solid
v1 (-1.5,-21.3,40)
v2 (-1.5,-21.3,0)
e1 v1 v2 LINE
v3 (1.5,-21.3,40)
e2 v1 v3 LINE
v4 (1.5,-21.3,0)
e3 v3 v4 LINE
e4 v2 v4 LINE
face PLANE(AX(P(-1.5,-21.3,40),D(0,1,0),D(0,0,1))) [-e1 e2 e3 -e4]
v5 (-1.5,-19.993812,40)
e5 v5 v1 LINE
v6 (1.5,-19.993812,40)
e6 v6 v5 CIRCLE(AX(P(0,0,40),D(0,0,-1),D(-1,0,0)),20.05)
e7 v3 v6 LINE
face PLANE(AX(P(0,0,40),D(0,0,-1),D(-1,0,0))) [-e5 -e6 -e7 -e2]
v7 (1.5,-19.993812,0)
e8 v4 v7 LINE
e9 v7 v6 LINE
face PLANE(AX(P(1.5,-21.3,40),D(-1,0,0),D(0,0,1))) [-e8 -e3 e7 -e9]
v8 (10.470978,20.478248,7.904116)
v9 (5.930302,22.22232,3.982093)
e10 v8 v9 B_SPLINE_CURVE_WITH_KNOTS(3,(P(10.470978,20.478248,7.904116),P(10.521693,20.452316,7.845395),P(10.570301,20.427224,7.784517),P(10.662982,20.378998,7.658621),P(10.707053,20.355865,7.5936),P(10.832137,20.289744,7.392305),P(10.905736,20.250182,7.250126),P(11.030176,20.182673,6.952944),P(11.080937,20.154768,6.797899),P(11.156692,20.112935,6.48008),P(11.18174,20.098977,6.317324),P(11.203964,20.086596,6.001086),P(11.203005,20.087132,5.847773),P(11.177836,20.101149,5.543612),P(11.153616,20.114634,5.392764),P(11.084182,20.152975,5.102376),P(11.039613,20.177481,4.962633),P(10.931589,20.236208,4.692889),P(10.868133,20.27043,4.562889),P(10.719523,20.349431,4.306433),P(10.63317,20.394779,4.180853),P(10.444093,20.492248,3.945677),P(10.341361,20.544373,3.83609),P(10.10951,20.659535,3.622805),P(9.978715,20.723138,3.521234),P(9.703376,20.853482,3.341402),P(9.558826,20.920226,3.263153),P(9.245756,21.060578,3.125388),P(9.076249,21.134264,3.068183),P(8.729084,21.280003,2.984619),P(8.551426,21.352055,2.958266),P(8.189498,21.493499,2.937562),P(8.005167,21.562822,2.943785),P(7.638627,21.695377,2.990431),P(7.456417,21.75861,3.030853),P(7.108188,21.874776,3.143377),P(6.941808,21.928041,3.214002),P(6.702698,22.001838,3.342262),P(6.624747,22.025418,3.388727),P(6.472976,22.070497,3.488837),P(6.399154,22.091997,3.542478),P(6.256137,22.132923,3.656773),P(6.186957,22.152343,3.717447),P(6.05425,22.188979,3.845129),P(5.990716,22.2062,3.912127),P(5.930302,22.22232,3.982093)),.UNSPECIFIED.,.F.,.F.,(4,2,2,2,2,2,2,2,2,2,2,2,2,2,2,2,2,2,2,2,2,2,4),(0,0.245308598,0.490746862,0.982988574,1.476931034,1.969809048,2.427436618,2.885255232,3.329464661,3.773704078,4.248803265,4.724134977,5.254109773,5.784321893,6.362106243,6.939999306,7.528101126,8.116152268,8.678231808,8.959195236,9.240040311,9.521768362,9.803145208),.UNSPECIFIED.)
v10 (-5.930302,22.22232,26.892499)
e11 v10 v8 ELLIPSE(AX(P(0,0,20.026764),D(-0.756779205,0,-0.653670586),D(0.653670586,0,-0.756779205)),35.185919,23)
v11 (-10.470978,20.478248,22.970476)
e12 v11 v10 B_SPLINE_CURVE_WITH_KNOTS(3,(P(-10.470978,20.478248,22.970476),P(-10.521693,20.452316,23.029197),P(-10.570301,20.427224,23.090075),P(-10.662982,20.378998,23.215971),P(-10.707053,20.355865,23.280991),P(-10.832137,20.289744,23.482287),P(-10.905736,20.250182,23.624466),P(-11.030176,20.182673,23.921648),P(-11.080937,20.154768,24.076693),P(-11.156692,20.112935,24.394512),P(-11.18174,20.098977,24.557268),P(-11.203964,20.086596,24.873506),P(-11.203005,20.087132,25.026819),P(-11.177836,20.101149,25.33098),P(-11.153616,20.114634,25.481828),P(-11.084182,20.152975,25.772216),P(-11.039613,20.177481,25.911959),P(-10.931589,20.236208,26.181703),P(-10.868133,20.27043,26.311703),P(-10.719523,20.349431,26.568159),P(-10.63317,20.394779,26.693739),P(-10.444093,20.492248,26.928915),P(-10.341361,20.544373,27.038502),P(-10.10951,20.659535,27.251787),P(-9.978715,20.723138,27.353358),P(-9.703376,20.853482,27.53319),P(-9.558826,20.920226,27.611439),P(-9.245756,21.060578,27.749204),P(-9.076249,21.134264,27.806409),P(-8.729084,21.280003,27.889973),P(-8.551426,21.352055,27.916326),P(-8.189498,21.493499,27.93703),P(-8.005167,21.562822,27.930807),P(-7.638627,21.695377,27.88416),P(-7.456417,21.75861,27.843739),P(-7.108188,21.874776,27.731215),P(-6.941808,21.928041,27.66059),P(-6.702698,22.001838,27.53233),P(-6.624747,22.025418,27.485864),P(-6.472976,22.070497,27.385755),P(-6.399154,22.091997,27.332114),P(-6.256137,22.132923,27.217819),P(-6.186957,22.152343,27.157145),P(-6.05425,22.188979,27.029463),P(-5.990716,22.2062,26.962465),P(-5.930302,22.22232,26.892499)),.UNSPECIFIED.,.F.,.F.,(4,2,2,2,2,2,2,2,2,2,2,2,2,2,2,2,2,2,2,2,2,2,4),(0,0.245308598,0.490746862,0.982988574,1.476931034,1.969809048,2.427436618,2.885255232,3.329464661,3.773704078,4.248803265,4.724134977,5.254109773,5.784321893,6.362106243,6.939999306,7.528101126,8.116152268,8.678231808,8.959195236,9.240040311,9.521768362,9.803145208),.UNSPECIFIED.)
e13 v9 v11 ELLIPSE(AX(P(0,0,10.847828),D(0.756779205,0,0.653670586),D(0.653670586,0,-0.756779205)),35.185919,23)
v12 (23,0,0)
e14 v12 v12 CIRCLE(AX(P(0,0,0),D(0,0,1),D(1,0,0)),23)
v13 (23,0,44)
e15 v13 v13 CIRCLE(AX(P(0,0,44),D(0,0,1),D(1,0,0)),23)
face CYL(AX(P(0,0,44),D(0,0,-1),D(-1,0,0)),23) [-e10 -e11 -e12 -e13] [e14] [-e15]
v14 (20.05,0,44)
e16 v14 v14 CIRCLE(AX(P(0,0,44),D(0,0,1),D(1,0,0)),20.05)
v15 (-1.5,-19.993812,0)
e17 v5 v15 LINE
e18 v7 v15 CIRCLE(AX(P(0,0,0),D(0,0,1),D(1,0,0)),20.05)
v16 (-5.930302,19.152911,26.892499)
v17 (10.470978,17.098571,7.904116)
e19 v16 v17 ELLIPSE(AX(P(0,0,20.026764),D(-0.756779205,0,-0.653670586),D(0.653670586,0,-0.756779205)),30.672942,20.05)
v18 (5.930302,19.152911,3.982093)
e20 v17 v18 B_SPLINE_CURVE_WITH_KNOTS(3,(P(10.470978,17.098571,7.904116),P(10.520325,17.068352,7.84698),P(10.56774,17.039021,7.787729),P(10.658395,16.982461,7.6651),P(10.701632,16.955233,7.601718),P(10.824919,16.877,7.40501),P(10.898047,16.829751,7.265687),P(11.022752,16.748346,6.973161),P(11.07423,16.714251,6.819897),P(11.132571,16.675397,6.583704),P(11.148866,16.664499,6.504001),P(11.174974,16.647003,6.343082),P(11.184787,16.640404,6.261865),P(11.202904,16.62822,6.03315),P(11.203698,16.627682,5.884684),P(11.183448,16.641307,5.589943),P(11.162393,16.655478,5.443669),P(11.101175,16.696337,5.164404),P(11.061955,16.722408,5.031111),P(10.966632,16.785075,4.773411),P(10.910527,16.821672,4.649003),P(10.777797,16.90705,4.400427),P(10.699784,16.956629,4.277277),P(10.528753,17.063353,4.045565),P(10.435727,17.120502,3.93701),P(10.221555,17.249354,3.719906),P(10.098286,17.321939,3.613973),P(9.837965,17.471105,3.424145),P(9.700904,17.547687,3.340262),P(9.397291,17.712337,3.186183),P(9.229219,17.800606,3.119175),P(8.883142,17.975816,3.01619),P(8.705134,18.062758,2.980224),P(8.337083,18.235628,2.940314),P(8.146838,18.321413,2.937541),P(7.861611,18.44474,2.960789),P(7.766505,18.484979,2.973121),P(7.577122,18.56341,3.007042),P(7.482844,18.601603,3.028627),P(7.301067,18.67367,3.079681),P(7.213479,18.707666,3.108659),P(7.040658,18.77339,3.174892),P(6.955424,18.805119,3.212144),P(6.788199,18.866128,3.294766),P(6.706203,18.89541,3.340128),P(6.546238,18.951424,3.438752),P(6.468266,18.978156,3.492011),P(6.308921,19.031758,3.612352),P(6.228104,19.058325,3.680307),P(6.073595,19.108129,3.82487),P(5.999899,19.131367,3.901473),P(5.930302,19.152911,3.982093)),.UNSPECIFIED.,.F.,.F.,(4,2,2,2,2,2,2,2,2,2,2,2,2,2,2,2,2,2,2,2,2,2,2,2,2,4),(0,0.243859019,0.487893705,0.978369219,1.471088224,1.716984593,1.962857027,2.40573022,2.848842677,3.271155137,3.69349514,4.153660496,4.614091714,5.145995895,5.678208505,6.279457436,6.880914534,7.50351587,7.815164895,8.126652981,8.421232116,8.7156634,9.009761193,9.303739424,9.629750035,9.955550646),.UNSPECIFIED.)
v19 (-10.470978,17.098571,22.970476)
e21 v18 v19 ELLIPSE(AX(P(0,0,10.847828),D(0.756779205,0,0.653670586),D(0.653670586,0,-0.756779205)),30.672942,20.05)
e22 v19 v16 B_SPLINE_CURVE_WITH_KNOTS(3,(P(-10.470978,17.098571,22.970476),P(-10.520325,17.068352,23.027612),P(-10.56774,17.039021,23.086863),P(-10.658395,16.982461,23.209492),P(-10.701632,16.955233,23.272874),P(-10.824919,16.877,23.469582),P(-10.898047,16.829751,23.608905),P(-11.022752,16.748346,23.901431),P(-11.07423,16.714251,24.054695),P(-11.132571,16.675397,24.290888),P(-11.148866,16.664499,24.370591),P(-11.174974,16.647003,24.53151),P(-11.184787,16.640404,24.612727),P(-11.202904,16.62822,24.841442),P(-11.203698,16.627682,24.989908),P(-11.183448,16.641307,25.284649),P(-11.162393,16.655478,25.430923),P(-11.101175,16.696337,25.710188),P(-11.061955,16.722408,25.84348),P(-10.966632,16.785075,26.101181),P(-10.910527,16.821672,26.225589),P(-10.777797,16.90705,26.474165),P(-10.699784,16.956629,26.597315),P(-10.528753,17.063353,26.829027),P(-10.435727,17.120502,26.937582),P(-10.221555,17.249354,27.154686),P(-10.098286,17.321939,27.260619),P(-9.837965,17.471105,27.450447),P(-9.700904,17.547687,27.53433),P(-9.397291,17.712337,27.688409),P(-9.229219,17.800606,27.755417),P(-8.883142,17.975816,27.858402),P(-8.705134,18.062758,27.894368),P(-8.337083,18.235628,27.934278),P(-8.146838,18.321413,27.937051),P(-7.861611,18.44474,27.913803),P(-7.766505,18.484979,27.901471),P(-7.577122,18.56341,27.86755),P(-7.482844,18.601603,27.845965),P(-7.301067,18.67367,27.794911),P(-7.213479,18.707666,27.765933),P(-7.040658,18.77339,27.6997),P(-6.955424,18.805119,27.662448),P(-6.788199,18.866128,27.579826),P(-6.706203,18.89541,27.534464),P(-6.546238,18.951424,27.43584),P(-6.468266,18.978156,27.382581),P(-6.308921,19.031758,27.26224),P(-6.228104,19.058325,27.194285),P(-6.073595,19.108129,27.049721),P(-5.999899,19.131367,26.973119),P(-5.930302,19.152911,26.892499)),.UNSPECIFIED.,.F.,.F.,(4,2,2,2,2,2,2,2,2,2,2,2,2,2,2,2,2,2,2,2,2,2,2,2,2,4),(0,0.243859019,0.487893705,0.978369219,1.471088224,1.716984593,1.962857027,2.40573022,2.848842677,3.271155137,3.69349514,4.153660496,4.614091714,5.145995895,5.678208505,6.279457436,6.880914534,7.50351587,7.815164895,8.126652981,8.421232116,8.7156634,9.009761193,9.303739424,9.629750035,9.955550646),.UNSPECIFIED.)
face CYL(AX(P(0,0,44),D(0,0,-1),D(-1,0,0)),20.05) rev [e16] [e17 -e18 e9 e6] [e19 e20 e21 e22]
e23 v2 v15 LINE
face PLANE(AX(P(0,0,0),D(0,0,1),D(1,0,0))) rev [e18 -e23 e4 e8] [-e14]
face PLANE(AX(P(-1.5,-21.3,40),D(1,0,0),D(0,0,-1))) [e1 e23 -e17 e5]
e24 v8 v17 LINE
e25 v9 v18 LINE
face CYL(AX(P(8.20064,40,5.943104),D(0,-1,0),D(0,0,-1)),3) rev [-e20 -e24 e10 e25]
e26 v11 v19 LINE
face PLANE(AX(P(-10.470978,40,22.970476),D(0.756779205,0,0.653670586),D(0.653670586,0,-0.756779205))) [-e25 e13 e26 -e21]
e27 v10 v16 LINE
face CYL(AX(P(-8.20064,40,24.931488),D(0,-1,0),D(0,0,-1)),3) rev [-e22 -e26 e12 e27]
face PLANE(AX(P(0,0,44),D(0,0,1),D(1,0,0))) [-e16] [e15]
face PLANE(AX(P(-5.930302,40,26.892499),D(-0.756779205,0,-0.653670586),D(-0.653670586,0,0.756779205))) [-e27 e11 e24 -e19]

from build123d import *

# Parameters (mm, degrees)
SKETCH_1_R          = 23
SKETCH_1_R_2        = 20.05
EXTRUDE_1_DEPTH     = 44
CUT_EXTRUDE_1_DEPTH = 40
SKETCH_3_W          = 3
SKETCH_3_H          = 2.5
CUT_EXTRUDE_2_DEPTH = 40


with BuildPart() as part:
    # 스케치1 → 보스-돌출1 (new body)
    with BuildSketch(Plane.XY):
        Circle(SKETCH_1_R)
        Circle(SKETCH_1_R_2, mode=Mode.SUBTRACT)
    extrude(amount=EXTRUDE_1_DEPTH)

    # 스케치2 → 컷-돌출1 (cut)
    with BuildSketch(Plane(origin=(0, 0, 0), x_dir=(1, 0, 0), z_dir=(0, 1, 0))):
        with BuildLine():
            Line((-10.470977563, -22.970475817), (5.930302333, -3.982092632))
            ThreePointArc((5.930302333, -3.982092632), (10.161651705, -3.672766774), (10.470977563, -7.904116147))
            Line((10.470977563, -7.904116147), (-5.930302333, -26.892499333))
            ThreePointArc((-5.930302333, -26.892499333), (-10.161651705, -27.20182519), (-10.470977563, -22.970475817))
        make_face()
    extrude(amount=CUT_EXTRUDE_1_DEPTH, mode=Mode.SUBTRACT)

    # 스케치3 → 컷-돌출2 (cut)
    with BuildSketch(Plane.XY):
        with Locations((0, -20.05)):
            Rectangle(SKETCH_3_W, SKETCH_3_H)
    extrude(amount=CUT_EXTRUDE_2_DEPTH, mode=Mode.SUBTRACT)


solid = part.part
